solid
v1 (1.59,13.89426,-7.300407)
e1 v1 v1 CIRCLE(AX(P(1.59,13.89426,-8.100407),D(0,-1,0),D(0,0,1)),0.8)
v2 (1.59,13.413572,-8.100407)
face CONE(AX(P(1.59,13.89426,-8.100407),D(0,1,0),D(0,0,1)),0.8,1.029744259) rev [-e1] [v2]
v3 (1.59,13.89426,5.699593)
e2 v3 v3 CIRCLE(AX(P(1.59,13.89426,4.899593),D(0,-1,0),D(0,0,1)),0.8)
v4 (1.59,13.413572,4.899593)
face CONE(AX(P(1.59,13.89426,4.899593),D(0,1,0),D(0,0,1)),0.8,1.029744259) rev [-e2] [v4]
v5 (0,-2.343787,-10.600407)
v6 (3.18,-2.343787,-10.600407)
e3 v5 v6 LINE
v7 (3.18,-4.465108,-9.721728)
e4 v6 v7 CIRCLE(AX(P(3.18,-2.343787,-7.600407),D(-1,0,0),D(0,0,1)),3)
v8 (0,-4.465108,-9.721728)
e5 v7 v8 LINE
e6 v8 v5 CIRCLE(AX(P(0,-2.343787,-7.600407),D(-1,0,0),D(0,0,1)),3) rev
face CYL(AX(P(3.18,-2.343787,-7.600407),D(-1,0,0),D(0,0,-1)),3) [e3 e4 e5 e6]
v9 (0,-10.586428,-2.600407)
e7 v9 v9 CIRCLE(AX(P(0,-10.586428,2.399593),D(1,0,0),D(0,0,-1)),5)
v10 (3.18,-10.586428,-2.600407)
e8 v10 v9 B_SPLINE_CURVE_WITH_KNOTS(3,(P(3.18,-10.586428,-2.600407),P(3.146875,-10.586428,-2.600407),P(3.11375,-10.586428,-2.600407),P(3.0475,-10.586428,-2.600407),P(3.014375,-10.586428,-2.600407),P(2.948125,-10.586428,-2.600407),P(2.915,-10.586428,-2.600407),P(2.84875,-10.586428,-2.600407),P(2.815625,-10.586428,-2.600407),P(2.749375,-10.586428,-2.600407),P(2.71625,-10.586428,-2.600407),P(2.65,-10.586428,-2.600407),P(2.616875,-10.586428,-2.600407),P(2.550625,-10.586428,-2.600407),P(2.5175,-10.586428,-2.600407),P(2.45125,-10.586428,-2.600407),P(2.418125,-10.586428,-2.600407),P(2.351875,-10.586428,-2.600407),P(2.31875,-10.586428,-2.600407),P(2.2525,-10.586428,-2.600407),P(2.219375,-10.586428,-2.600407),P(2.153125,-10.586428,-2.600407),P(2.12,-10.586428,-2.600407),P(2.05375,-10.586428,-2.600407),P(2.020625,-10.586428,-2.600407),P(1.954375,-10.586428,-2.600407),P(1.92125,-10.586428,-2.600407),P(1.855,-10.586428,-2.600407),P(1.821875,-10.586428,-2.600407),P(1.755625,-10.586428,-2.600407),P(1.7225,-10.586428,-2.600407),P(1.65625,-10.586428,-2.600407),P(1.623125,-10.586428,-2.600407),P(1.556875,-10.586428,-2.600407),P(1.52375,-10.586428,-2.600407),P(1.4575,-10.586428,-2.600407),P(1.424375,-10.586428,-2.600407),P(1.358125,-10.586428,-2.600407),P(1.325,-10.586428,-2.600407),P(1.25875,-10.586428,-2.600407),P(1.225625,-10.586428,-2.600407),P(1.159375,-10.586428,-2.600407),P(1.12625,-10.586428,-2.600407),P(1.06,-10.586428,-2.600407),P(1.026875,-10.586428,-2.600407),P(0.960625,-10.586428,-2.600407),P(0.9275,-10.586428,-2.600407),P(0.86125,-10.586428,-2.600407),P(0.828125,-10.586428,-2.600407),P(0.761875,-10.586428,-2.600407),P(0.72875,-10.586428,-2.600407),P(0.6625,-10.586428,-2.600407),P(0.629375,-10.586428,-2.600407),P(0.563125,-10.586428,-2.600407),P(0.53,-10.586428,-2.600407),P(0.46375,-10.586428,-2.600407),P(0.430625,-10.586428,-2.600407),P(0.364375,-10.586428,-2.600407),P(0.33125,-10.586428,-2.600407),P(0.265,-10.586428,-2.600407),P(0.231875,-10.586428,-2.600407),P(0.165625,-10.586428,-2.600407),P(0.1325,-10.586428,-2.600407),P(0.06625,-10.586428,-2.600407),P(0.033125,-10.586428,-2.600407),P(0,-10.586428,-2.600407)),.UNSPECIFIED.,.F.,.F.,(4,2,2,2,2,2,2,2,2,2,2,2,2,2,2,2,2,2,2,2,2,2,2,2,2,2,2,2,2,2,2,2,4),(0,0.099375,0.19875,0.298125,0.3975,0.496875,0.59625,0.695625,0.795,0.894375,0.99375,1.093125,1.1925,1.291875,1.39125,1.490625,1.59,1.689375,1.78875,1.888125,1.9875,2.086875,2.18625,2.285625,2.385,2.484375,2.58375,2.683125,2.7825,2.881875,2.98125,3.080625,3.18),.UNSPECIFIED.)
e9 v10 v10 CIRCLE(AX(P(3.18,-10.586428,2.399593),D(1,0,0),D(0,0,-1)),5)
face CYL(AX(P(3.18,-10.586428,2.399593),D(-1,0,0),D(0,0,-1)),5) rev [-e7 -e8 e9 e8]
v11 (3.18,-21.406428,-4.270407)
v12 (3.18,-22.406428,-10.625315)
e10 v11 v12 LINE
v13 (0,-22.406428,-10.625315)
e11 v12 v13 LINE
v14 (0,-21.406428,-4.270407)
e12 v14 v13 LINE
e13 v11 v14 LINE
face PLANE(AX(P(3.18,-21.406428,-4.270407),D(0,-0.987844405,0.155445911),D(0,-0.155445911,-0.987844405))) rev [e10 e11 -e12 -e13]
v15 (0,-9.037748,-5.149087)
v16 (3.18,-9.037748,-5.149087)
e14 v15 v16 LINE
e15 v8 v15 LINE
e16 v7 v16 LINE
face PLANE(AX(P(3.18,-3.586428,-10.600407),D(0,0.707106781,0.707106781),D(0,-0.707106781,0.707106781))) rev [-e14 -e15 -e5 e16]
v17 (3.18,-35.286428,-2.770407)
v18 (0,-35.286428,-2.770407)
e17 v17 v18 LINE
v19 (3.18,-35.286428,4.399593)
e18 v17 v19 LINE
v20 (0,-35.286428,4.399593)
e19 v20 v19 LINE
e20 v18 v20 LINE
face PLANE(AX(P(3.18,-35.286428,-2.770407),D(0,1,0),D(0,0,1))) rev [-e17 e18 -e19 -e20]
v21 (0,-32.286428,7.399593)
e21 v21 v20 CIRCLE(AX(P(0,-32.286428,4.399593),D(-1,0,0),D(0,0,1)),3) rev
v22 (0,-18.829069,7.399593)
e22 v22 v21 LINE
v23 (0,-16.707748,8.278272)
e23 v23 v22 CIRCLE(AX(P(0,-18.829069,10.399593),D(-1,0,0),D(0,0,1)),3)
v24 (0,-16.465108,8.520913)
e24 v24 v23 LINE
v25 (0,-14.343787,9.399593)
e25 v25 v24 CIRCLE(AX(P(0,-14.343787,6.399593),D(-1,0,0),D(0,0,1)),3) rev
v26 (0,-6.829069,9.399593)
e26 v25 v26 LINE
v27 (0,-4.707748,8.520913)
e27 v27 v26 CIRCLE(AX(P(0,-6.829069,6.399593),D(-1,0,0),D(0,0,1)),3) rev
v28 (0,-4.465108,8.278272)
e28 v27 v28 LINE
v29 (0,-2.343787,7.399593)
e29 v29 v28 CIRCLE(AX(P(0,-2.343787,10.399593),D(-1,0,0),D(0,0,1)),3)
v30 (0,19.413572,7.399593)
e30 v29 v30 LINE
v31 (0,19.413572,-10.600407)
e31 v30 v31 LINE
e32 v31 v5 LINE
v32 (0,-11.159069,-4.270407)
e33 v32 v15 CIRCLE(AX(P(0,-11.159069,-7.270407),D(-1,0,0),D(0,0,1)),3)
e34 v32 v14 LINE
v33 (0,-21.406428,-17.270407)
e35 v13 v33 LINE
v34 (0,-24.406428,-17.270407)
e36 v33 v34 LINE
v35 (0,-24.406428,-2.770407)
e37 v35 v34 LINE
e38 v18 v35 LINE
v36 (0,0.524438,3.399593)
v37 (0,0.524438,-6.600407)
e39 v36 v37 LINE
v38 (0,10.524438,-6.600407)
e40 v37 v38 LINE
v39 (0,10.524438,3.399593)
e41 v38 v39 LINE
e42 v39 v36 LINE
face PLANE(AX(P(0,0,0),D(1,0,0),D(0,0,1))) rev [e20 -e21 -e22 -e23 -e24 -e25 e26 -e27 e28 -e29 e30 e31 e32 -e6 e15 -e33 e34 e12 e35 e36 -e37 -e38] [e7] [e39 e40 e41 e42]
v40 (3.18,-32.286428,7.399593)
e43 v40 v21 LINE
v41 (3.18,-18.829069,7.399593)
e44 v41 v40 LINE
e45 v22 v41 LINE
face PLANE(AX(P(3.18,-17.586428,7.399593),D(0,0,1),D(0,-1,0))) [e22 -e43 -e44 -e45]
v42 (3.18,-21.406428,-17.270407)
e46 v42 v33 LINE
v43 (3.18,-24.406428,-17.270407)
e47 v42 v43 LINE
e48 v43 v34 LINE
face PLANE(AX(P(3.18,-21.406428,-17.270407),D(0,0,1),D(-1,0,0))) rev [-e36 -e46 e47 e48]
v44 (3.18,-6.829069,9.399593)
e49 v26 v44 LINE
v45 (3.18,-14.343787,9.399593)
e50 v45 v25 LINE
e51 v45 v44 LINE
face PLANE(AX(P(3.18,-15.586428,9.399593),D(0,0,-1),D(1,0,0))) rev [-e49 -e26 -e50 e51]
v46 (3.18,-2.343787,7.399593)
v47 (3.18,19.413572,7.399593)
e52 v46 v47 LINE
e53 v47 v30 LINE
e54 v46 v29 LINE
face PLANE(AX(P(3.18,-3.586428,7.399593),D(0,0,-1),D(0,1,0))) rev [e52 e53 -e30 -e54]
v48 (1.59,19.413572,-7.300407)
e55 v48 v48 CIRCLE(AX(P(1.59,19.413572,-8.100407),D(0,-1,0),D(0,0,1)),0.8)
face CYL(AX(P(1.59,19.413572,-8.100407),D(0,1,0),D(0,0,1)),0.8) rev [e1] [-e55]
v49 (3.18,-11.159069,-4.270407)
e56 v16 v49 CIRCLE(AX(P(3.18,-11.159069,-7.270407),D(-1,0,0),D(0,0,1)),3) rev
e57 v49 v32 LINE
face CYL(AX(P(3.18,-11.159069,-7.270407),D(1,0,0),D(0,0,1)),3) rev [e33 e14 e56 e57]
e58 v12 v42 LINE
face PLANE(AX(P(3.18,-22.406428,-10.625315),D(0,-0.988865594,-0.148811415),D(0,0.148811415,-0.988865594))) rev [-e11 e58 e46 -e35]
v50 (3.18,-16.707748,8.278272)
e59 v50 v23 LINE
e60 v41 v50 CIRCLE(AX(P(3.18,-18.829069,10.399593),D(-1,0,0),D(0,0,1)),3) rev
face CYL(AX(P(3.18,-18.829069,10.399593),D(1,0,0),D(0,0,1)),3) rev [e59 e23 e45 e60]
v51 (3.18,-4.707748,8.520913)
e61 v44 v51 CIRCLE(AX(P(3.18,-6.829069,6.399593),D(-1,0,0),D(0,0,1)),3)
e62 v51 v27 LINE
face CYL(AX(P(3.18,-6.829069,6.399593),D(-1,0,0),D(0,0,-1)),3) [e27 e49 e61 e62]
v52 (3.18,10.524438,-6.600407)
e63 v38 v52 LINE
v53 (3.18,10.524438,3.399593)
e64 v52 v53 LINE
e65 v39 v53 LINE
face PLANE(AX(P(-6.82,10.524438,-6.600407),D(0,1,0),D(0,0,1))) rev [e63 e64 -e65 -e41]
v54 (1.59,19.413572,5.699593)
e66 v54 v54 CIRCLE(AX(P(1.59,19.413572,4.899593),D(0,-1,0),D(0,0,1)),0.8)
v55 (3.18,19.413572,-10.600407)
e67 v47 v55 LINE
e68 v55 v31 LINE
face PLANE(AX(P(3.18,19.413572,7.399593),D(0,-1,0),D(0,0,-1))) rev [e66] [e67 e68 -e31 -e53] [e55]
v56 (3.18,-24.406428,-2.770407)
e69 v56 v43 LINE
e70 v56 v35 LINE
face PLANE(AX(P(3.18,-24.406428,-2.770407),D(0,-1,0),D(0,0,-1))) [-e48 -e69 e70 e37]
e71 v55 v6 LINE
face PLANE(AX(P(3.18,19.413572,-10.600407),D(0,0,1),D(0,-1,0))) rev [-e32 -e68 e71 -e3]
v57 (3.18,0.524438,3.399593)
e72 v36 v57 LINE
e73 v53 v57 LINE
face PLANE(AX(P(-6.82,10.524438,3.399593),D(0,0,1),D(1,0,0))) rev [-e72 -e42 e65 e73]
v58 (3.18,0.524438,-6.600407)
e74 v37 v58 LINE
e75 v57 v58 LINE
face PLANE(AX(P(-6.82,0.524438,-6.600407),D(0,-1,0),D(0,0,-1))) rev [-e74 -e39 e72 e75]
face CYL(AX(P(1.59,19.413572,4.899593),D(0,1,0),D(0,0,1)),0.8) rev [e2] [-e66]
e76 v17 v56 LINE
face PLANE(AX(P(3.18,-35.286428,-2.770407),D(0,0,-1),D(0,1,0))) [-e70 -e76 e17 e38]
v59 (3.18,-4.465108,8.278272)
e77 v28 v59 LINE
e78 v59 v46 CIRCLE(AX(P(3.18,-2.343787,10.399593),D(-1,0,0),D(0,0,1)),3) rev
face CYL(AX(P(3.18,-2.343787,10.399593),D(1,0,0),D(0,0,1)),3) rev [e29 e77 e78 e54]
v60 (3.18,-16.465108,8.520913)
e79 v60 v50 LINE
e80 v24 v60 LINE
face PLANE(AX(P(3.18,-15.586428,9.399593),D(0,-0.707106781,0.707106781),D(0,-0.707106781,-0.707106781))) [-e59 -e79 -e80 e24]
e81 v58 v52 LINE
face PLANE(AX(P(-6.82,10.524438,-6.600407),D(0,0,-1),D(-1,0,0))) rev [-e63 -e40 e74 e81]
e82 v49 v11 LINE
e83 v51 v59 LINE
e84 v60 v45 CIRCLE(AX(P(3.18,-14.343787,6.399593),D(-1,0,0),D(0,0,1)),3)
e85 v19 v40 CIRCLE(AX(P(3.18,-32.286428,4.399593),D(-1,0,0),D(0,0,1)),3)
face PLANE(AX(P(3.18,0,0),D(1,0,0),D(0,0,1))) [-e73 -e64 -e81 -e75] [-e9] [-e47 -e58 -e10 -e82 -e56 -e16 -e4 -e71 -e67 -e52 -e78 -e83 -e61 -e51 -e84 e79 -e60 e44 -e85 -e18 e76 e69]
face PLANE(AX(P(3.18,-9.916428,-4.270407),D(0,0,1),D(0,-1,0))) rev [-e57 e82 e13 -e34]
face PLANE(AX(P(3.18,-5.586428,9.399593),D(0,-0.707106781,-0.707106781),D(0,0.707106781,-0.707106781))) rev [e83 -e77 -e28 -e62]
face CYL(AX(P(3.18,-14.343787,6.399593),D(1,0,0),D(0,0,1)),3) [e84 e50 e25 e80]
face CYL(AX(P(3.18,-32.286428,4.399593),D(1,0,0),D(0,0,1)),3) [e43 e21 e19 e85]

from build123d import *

# Parameters (mm, degrees)
BOSS_EXTRUDE1_DEPTH       = 3.18
SKETCH2_4_OUTSIDE_W       = 40.858
SKETCH2_4_OUTSIDE_H       = 68.888
SKETCH2_4_OUTSIDE_R       = 5
CUT_EXTRUDE2_DEPTH        = 3.18
FILLET6_R                 = 3
M2X0_4_TAPPED_HOLE1_D     = 1.6
M2X0_4_TAPPED_HOLE1_DEPTH = 5.519311505
M2X0_4_TAPPED_HOLE1_TIP   = 0.480688495
SKETCH10_W                = 10
SKETCH10_H                = 10
CUT_EXTRUDE4_DEPTH        = 10


with BuildPart() as part:
    # Sketch2 → Boss-Extrude1 (new body)
    with BuildSketch(Plane(origin=(0, 0, 0), x_dir=(0, 0, -1), z_dir=(1, 0, 0))):
        Polygon((-7.39959254, 19.413571875), (10.60040746, 19.413571875), (10.60040746, -3.586428125), (4.27040746, -9.916428125), (4.27040746, -21.406428125), (10.625315102, -22.406428125), (17.27040746, -21.406428125), (17.27040746, -24.406428125), (2.77040746, -24.406428125), (2.77040746, -35.286428125), (-7.39959254, -35.286428125), (-7.39959254, -17.586428125), (-9.39959254, -15.586428125), (-9.39959254, -5.586428125), (-7.39959254, -3.586428125), align=None)
    extrude(amount=-BOSS_EXTRUDE1_DEPTH)

    # Sketch2<4> outside → Cut-Extrude2 (cut)
    # profile 1 of 3: a face of its own
    with BuildSketch(Plane(origin=(0, 0, 0), x_dir=(0, 0, -1), z_dir=(1, 0, 0))):
        with Locations((3.935, -7.936)):
            Rectangle(SKETCH2_4_OUTSIDE_W, SKETCH2_4_OUTSIDE_H)
        Polygon((-7.39959254, 19.413571875), (10.60040746, 19.413571875), (10.60040746, -3.586428125), (4.27040746, -9.916428125), (4.27040746, -21.406428125), (10.625315102, -22.406428125), (17.27040746, -21.406428125), (17.27040746, -24.406428125), (2.77040746, -24.406428125), (2.77040746, -35.286428125), (-7.39959254, -35.286428125), (-7.39959254, -17.586428125), (-9.39959254, -15.586428125), (-9.39959254, -5.586428125), (-7.39959254, -3.586428125), align=None, mode=Mode.SUBTRACT)
    # profile 2 of 3: a face of its own
    with BuildSketch(Plane(origin=(0, 0, 0), x_dir=(0, 0, -1), z_dir=(1, 0, 0))):
        with Locations((-2.39959254, -10.586428125)):
            Circle(SKETCH2_4_OUTSIDE_R)
    # profile 3 of 3: a face of its own
    with BuildSketch(Plane(origin=(0, 0, 0), x_dir=(0, 0, -1), z_dir=(1, 0, 0))):
        with Locations((1.60040746, 5.524437773)):
            Circle(SKETCH2_4_OUTSIDE_R)
    extrude(amount=-CUT_EXTRUDE2_DEPTH, mode=Mode.SUBTRACT)

    # Fillet6
    fillet6_edges = [part.edges().sort_by_distance(p)[0] for p in [
        (-1.59, -3.586428125, 7.39959254),
        (-1.59, -5.586428125, 9.39959254),
        (-1.59, -15.586428125, 9.39959254),
        (-1.59, -17.586428125, 7.39959254),
        (-1.59, -35.286428125, 7.39959254),
        (-1.59, -9.916428125, -4.27040746),
        (-1.59, -3.586428125, -10.60040746),
    ]]
    fillet(fillet6_edges, radius=FILLET6_R)

    # M2x0.4 Tapped Hole1
    with Locations(Plane(origin=(0, 19.413571875, 0), x_dir=(1, 0, 0), z_dir=(0, 1, 0))):
        with Locations((-1.59, 8.10040746), (-1.59, -4.89959254)):
            Hole(M2X0_4_TAPPED_HOLE1_D / 2, depth=M2X0_4_TAPPED_HOLE1_DEPTH)
            with Locations((0, 0, -(M2X0_4_TAPPED_HOLE1_DEPTH + M2X0_4_TAPPED_HOLE1_TIP / 2))):  # 118° drill point
                Cone(0, M2X0_4_TAPPED_HOLE1_D / 2, M2X0_4_TAPPED_HOLE1_TIP, mode=Mode.SUBTRACT)


with BuildPart() as body_2:
    # Mirror1: mirrored copy
    add(part.part.mirror(Plane.ZY))

    # Sketch10 → Cut-Extrude4 (cut)
    with BuildSketch(Plane(origin=(3.18, 0, 0), x_dir=(0, 0, -1), z_dir=(1, 0, 0))):
        with Locations((1.60040746, 5.524437773)):
            Rectangle(SKETCH10_W, SKETCH10_H)
    extrude(amount=-CUT_EXTRUDE4_DEPTH, mode=Mode.SUBTRACT)


solid = body_2.part
